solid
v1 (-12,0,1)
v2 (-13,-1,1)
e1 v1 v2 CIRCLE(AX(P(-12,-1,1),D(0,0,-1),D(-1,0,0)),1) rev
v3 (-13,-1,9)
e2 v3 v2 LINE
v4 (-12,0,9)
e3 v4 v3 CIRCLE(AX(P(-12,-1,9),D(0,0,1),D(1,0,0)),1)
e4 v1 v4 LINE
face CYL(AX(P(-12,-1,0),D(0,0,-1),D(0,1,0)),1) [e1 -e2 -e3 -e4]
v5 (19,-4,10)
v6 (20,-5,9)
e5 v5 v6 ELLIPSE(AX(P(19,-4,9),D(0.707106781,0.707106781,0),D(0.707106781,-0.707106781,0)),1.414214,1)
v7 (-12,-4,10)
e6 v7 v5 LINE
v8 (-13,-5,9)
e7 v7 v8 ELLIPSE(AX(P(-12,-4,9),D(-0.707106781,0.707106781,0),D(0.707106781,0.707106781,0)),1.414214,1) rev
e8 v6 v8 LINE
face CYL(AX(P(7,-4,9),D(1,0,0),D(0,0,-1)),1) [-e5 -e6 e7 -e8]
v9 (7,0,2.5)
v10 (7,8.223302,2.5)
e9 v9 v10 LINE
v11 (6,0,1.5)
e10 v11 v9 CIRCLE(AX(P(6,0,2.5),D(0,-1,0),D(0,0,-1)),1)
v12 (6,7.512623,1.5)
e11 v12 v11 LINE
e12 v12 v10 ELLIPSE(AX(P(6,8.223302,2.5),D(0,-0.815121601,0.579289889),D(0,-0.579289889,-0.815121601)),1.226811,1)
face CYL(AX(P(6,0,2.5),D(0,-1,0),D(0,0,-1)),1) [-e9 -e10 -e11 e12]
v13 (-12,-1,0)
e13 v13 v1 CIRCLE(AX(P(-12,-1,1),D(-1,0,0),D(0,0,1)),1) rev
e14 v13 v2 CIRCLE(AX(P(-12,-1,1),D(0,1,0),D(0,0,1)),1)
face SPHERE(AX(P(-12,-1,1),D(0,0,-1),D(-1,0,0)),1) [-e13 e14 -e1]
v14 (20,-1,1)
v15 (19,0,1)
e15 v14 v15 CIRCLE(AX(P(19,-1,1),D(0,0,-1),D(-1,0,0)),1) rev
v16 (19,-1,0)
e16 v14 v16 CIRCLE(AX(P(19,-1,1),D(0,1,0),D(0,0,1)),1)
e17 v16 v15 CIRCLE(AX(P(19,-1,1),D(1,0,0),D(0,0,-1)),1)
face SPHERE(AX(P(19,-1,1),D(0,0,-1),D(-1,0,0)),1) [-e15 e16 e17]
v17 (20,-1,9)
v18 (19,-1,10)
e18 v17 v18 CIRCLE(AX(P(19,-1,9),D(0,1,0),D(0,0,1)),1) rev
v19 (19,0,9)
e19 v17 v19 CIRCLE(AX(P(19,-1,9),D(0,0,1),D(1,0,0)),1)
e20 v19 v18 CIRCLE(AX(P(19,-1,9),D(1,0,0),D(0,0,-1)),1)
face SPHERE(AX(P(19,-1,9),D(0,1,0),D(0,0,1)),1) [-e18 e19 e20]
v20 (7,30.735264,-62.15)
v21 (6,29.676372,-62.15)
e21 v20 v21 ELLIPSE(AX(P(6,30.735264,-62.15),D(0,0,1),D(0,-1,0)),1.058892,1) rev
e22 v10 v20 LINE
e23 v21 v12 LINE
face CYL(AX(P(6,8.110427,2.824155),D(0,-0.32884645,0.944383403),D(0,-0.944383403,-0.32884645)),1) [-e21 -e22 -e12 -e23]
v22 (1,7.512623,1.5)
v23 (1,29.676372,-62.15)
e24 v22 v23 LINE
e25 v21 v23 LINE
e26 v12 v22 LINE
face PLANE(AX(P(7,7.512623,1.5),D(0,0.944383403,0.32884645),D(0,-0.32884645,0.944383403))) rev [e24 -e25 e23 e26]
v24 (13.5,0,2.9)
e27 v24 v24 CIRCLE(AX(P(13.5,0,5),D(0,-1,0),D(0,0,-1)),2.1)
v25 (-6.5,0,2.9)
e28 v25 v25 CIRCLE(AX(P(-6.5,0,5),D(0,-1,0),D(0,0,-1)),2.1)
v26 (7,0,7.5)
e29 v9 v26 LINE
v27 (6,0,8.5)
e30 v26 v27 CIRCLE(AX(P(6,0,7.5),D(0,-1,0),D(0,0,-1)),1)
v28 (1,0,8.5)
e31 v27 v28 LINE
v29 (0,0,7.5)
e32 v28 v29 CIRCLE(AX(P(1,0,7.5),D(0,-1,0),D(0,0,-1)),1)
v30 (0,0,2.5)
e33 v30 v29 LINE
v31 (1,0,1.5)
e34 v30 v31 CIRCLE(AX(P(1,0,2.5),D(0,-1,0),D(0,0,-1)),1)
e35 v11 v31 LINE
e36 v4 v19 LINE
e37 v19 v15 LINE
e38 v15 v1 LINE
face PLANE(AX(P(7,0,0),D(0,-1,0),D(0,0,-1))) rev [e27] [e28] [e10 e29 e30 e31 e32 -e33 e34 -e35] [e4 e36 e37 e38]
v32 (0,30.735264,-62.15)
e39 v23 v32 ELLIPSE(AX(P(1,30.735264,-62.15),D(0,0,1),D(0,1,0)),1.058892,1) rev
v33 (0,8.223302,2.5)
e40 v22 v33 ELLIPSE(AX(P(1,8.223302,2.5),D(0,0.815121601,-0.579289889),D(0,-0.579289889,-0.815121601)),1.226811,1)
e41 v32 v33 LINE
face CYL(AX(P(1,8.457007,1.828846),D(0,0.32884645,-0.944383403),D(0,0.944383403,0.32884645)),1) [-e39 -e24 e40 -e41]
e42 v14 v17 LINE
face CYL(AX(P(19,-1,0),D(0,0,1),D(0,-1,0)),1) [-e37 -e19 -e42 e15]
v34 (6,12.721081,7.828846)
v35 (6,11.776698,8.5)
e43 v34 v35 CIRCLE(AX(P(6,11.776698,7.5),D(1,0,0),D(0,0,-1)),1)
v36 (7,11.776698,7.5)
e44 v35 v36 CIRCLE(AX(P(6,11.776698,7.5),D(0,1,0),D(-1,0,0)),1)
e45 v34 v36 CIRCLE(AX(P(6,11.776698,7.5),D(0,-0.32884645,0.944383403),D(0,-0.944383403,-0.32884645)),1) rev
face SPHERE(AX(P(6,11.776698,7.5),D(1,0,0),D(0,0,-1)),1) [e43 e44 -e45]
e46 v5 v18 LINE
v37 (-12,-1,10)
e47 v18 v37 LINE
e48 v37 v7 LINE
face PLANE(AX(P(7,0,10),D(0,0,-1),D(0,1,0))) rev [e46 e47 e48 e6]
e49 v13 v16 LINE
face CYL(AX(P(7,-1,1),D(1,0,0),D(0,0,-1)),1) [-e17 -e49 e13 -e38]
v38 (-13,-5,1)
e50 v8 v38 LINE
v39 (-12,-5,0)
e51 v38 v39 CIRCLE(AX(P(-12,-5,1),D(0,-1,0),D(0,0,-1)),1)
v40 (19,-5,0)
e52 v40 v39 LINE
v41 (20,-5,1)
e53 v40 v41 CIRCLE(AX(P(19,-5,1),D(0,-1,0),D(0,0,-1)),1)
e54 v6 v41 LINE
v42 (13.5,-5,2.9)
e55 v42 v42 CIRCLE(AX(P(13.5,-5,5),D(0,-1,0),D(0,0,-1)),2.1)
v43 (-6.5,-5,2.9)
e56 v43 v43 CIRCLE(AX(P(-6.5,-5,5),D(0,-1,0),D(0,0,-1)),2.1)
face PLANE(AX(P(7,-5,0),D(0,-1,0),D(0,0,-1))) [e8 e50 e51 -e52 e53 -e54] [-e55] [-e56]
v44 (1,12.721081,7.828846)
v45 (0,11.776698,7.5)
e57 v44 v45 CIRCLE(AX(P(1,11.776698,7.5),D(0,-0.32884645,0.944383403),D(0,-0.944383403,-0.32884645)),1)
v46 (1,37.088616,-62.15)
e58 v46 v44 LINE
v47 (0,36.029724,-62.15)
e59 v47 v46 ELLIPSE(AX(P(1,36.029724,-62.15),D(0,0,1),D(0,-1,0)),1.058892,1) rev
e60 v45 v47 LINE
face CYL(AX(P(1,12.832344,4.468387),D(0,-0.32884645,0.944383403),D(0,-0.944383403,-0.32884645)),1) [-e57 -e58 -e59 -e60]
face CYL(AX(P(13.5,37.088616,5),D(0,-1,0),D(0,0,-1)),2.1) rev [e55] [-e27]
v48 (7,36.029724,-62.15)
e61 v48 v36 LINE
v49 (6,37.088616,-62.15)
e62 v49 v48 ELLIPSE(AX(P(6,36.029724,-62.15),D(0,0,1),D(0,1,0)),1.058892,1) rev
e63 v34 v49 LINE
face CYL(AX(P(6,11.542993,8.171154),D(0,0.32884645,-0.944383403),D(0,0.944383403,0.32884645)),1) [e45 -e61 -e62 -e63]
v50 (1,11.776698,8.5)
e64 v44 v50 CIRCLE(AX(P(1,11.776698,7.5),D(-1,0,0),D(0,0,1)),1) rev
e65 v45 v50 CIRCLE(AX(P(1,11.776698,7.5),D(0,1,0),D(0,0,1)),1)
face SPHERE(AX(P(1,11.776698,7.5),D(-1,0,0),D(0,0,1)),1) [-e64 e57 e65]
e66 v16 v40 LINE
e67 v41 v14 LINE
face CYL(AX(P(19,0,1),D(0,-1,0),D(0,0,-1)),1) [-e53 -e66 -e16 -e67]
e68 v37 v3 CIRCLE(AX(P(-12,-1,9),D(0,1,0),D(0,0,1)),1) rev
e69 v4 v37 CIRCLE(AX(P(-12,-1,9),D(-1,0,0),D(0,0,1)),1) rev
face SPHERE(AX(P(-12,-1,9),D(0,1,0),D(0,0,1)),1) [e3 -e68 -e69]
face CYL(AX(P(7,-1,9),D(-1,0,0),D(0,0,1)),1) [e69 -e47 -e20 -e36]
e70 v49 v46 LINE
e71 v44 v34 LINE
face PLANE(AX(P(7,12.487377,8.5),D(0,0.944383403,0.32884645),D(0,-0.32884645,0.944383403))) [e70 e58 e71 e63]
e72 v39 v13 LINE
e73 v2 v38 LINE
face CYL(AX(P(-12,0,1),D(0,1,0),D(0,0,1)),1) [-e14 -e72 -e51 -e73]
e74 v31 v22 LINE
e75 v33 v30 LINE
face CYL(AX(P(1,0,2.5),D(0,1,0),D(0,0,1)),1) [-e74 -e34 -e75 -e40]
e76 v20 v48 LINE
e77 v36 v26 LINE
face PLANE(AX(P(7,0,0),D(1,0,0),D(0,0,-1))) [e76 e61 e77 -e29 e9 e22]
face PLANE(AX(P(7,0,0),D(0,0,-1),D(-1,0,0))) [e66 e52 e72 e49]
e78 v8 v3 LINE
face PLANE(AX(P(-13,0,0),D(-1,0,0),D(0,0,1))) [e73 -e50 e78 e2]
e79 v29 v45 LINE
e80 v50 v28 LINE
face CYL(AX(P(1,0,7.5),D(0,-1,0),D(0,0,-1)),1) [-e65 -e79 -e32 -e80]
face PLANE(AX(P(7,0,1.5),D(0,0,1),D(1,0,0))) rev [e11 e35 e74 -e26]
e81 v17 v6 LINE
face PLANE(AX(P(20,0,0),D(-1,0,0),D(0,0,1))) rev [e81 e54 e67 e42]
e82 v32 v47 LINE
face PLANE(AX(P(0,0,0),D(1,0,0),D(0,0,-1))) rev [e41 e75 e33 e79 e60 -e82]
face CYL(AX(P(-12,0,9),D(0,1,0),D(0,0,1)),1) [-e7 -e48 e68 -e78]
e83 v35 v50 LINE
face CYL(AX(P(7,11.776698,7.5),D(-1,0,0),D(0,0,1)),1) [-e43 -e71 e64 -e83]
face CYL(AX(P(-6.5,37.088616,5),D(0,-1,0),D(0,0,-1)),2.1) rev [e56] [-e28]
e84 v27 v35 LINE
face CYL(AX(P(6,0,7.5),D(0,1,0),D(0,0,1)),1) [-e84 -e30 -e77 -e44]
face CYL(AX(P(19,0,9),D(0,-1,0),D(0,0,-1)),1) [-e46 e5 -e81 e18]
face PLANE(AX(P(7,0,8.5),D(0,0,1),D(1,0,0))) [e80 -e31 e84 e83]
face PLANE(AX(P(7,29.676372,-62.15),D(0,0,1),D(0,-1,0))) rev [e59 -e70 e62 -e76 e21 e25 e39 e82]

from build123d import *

# Parameters (mm, degrees)
BOSS_EXTRUDE1_DEPTH      = 7
BOSS_EXTRUDE2_DEPTH      = 13
BOSS_EXTRUDE2_DEPTH_BACK = 20
SKETCH2_W                = 5
SKETCH2_H                = 10
SKETCH4_R                = 2.1
CUT_EXTRUDE1_DEPTH       = 78.679302724
FILLET1_R                = 1


with BuildPart() as part:
    # Sketch1 → Boss-Extrude1 (new body)
    with BuildSketch(Plane.YZ):
        Polygon((0, 0), (-5, 0), (-5, 10), (0, 10), (0, 8.5), (12.487376862, 8.5), (36.687835728, -60.999037426), (37.088615702, -62.15), (29.67637193, -62.15), (7.512623138, 1.5), (0, 1.5), align=None)
    extrude(amount=BOSS_EXTRUDE1_DEPTH)

    # Sketch2 → Boss-Extrude2 (add, two sides: drawn at the far end of the back side and taken through both)
    with BuildSketch(Plane.YZ.offset(7).offset(-BOSS_EXTRUDE2_DEPTH_BACK)):
        with Locations((-2.5, 5)):
            Rectangle(SKETCH2_W, SKETCH2_H)
    extrude(amount=BOSS_EXTRUDE2_DEPTH + BOSS_EXTRUDE2_DEPTH_BACK)

    # Sketch4 → Cut-Extrude1 (cut, through all)
    with BuildSketch(Plane.XZ.offset(5)):
        with Locations(Location((-6.5, 5, 0), (0, 0, 270))):
            Circle(SKETCH4_R)
        with Locations(Location((13.5, 5, 0), (0, 0, 270))):
            Circle(SKETCH4_R)
    extrude(amount=-CUT_EXTRUDE1_DEPTH, mode=Mode.SUBTRACT)

    # Fillet1
    fillet1_edges = [part.edges().sort_by_distance(p)[0] for p in [
        (0, 6.243688431, 8.5),
        (0, 24.787996282, -26.825),
        (0, 18.594497534, -30.325),
        (0, 3.756311569, 1.5),
        (3.5, 12.487376862, 8.5),
        (3.5, 0, 0),
        (3.5, -5, 10),
        (3.5, 0, 10),
        (7, 3.756311569, 1.5),
        (7, 18.594497534, -30.325),
        (-13, -2.5, 10),
        (7, 24.787996282, -26.825),
        (-13, 0, 5),
        (-13, -2.5, 0),
        (20, -2.5, 0),
        (20, 0, 5),
        (20, -2.5, 10),
        (7, 6.243688431, 8.5),
    ]]
    fillet(fillet1_edges, radius=FILLET1_R)


solid = part.part
